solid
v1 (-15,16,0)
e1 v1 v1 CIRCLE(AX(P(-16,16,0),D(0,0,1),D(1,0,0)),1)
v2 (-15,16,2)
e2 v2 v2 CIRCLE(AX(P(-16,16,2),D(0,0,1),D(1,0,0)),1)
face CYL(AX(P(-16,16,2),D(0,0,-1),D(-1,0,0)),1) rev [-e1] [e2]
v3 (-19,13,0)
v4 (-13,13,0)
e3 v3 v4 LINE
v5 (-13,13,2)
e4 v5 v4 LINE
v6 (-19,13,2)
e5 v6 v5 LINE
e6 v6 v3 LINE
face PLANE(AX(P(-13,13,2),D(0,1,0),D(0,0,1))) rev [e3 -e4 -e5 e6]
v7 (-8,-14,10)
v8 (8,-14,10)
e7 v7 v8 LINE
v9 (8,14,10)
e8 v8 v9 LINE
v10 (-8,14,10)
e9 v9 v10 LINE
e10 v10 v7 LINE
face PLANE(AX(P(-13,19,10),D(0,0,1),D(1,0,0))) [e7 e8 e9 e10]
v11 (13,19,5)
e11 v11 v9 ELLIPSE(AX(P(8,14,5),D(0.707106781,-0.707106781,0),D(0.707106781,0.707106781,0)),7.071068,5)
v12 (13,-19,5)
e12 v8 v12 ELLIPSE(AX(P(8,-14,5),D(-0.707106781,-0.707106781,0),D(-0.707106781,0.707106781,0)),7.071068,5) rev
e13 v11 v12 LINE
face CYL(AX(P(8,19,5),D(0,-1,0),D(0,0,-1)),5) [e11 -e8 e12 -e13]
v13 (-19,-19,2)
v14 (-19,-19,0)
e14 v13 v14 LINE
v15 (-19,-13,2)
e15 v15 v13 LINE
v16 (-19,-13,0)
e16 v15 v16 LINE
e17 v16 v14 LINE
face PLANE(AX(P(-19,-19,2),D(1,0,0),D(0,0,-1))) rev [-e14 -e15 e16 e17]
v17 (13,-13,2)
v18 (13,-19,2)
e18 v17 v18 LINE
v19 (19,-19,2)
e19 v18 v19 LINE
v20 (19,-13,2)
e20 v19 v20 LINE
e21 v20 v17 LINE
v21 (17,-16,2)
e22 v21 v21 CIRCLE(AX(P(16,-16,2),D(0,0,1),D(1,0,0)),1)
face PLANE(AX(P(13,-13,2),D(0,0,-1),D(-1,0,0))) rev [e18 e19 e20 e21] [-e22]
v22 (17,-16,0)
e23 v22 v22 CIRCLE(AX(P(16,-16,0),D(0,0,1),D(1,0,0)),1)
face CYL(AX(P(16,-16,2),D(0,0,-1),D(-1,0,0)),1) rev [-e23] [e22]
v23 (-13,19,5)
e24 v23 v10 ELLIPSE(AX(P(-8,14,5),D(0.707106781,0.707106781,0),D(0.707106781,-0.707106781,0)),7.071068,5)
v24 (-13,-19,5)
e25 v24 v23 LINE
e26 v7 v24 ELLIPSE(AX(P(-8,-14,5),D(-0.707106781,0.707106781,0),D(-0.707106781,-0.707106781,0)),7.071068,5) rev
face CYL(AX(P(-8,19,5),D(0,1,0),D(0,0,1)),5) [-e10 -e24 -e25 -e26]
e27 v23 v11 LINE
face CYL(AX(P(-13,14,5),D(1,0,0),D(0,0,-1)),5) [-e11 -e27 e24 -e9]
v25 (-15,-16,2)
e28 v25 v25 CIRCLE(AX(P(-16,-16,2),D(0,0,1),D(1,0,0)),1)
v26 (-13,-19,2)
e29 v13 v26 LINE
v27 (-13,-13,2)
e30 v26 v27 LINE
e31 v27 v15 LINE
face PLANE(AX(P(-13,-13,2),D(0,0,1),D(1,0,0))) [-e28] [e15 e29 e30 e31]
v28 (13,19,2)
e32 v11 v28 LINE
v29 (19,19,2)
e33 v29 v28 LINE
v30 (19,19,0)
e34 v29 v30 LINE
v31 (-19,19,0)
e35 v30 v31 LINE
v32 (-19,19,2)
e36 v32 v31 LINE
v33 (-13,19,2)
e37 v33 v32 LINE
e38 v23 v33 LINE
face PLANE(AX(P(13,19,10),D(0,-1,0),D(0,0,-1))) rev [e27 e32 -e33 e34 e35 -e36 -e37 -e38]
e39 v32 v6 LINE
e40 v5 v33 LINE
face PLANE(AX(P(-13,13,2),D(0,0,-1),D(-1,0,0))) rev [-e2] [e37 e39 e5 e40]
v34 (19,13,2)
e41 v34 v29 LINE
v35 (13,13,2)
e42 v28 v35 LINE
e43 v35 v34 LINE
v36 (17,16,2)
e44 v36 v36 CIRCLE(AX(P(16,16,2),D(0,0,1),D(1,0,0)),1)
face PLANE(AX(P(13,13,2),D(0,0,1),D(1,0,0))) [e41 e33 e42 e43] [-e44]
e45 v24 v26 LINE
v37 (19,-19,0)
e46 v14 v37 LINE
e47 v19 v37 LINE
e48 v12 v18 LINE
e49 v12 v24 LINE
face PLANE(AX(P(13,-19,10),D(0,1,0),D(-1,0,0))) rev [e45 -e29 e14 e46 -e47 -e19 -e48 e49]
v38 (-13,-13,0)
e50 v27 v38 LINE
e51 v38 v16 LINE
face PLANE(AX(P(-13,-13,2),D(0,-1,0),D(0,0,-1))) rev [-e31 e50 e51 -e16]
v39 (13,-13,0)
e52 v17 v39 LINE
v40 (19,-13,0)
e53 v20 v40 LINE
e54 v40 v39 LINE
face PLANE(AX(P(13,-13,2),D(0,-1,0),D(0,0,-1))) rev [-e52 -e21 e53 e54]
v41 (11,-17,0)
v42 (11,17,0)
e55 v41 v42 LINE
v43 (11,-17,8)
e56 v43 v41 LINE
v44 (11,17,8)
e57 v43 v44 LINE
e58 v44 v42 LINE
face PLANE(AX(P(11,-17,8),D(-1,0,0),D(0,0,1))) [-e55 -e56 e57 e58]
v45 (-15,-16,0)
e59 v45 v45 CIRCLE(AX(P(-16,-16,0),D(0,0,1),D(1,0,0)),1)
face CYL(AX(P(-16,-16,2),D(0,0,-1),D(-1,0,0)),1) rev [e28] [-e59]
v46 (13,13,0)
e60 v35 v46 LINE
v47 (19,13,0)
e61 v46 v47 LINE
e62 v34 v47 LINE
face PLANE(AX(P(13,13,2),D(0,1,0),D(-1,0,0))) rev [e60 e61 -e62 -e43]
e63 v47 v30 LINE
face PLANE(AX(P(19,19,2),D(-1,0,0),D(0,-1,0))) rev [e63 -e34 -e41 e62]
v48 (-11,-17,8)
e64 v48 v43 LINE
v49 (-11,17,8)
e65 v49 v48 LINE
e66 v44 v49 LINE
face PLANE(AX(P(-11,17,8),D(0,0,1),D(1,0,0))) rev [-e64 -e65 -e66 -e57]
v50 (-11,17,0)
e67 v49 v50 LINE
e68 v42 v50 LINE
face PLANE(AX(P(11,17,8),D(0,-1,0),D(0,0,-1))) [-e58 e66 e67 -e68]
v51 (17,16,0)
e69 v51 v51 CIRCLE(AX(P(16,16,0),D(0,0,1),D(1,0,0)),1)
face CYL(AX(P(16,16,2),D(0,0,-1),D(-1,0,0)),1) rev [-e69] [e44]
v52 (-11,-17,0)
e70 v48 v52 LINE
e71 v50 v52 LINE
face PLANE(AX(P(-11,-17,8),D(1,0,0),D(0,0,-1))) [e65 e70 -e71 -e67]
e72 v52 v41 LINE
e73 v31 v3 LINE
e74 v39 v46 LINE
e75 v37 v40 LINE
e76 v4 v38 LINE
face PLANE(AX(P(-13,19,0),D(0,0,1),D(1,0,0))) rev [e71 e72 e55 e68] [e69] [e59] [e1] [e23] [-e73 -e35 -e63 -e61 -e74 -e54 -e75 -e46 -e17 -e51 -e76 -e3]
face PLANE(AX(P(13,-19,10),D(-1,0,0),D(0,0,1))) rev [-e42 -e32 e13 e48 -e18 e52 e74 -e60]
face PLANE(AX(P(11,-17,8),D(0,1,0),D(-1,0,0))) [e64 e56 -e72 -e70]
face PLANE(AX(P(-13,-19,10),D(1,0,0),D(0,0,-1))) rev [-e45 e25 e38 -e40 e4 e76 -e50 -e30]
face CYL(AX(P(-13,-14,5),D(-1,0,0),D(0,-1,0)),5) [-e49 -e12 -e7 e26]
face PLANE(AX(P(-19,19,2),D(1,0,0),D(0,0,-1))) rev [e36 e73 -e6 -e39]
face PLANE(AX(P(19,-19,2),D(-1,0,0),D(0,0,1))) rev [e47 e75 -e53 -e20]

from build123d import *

# Parameters (mm, degrees)
SKETCH_1_W          = 26
SKETCH_1_H          = 38
EXTRUDE_1_DEPTH     = 10
SKETCH_2_W          = 22
SKETCH_2_H          = 34
CUT_EXTRUDE_1_DEPTH = 8
SKETCH_4_W          = 6
SKETCH_4_H          = 6
EXTRUDE_2_DEPTH     = 2
SKETCH_5_R          = 1
CUT_EXTRUDE_4_DEPTH = 2
FILLET_1_R          = 5


with BuildPart() as part:
    # ｽｹｯﾁ1 → ﾎﾞｽ - 押し出し1 (new body)
    with BuildSketch(Plane.XY):
        Rectangle(SKETCH_1_W, SKETCH_1_H)
    extrude(amount=EXTRUDE_1_DEPTH)

    # ｽｹｯﾁ2 → ｶｯﾄ - 押し出し1 (cut)
    with BuildSketch(Plane.XY):
        Rectangle(SKETCH_2_W, SKETCH_2_H)
    extrude(amount=CUT_EXTRUDE_1_DEPTH, mode=Mode.SUBTRACT)

    # ｽｹｯﾁ4 → ﾎﾞｽ - 押し出し2 (add)
    with BuildSketch(Plane.XY):
        with Locations((16, 16)):
            Rectangle(SKETCH_4_W, SKETCH_4_H)
        with Locations((16, -16)):
            Rectangle(SKETCH_4_W, SKETCH_4_H)
        with Locations((-16, -16)):
            Rectangle(SKETCH_4_W, SKETCH_4_H)
        with Locations((-16, 16)):
            Rectangle(SKETCH_4_W, SKETCH_4_H)
    extrude(amount=EXTRUDE_2_DEPTH)

    # ｽｹｯﾁ5 → ｶｯﾄ - 押し出し4 (cut)
    with BuildSketch(Plane.XY):
        with Locations((-16, 16)):
            Circle(SKETCH_5_R)
        with Locations((-16, -16)):
            Circle(SKETCH_5_R)
        with Locations((16, -16)):
            Circle(SKETCH_5_R)
        with Locations((16, 16)):
            Circle(SKETCH_5_R)
    extrude(amount=CUT_EXTRUDE_4_DEPTH, mode=Mode.SUBTRACT)

    # ﾌｨﾚｯﾄ1
    fillet_1_edges = [part.edges().sort_by_distance(p)[0] for p in [
        (0, 19, 10),
        (0, -19, 10),
        (13, 0, 10),
        (-13, 0, 10),
    ]]
    fillet(fillet_1_edges, radius=FILLET_1_R)


solid = part.part
